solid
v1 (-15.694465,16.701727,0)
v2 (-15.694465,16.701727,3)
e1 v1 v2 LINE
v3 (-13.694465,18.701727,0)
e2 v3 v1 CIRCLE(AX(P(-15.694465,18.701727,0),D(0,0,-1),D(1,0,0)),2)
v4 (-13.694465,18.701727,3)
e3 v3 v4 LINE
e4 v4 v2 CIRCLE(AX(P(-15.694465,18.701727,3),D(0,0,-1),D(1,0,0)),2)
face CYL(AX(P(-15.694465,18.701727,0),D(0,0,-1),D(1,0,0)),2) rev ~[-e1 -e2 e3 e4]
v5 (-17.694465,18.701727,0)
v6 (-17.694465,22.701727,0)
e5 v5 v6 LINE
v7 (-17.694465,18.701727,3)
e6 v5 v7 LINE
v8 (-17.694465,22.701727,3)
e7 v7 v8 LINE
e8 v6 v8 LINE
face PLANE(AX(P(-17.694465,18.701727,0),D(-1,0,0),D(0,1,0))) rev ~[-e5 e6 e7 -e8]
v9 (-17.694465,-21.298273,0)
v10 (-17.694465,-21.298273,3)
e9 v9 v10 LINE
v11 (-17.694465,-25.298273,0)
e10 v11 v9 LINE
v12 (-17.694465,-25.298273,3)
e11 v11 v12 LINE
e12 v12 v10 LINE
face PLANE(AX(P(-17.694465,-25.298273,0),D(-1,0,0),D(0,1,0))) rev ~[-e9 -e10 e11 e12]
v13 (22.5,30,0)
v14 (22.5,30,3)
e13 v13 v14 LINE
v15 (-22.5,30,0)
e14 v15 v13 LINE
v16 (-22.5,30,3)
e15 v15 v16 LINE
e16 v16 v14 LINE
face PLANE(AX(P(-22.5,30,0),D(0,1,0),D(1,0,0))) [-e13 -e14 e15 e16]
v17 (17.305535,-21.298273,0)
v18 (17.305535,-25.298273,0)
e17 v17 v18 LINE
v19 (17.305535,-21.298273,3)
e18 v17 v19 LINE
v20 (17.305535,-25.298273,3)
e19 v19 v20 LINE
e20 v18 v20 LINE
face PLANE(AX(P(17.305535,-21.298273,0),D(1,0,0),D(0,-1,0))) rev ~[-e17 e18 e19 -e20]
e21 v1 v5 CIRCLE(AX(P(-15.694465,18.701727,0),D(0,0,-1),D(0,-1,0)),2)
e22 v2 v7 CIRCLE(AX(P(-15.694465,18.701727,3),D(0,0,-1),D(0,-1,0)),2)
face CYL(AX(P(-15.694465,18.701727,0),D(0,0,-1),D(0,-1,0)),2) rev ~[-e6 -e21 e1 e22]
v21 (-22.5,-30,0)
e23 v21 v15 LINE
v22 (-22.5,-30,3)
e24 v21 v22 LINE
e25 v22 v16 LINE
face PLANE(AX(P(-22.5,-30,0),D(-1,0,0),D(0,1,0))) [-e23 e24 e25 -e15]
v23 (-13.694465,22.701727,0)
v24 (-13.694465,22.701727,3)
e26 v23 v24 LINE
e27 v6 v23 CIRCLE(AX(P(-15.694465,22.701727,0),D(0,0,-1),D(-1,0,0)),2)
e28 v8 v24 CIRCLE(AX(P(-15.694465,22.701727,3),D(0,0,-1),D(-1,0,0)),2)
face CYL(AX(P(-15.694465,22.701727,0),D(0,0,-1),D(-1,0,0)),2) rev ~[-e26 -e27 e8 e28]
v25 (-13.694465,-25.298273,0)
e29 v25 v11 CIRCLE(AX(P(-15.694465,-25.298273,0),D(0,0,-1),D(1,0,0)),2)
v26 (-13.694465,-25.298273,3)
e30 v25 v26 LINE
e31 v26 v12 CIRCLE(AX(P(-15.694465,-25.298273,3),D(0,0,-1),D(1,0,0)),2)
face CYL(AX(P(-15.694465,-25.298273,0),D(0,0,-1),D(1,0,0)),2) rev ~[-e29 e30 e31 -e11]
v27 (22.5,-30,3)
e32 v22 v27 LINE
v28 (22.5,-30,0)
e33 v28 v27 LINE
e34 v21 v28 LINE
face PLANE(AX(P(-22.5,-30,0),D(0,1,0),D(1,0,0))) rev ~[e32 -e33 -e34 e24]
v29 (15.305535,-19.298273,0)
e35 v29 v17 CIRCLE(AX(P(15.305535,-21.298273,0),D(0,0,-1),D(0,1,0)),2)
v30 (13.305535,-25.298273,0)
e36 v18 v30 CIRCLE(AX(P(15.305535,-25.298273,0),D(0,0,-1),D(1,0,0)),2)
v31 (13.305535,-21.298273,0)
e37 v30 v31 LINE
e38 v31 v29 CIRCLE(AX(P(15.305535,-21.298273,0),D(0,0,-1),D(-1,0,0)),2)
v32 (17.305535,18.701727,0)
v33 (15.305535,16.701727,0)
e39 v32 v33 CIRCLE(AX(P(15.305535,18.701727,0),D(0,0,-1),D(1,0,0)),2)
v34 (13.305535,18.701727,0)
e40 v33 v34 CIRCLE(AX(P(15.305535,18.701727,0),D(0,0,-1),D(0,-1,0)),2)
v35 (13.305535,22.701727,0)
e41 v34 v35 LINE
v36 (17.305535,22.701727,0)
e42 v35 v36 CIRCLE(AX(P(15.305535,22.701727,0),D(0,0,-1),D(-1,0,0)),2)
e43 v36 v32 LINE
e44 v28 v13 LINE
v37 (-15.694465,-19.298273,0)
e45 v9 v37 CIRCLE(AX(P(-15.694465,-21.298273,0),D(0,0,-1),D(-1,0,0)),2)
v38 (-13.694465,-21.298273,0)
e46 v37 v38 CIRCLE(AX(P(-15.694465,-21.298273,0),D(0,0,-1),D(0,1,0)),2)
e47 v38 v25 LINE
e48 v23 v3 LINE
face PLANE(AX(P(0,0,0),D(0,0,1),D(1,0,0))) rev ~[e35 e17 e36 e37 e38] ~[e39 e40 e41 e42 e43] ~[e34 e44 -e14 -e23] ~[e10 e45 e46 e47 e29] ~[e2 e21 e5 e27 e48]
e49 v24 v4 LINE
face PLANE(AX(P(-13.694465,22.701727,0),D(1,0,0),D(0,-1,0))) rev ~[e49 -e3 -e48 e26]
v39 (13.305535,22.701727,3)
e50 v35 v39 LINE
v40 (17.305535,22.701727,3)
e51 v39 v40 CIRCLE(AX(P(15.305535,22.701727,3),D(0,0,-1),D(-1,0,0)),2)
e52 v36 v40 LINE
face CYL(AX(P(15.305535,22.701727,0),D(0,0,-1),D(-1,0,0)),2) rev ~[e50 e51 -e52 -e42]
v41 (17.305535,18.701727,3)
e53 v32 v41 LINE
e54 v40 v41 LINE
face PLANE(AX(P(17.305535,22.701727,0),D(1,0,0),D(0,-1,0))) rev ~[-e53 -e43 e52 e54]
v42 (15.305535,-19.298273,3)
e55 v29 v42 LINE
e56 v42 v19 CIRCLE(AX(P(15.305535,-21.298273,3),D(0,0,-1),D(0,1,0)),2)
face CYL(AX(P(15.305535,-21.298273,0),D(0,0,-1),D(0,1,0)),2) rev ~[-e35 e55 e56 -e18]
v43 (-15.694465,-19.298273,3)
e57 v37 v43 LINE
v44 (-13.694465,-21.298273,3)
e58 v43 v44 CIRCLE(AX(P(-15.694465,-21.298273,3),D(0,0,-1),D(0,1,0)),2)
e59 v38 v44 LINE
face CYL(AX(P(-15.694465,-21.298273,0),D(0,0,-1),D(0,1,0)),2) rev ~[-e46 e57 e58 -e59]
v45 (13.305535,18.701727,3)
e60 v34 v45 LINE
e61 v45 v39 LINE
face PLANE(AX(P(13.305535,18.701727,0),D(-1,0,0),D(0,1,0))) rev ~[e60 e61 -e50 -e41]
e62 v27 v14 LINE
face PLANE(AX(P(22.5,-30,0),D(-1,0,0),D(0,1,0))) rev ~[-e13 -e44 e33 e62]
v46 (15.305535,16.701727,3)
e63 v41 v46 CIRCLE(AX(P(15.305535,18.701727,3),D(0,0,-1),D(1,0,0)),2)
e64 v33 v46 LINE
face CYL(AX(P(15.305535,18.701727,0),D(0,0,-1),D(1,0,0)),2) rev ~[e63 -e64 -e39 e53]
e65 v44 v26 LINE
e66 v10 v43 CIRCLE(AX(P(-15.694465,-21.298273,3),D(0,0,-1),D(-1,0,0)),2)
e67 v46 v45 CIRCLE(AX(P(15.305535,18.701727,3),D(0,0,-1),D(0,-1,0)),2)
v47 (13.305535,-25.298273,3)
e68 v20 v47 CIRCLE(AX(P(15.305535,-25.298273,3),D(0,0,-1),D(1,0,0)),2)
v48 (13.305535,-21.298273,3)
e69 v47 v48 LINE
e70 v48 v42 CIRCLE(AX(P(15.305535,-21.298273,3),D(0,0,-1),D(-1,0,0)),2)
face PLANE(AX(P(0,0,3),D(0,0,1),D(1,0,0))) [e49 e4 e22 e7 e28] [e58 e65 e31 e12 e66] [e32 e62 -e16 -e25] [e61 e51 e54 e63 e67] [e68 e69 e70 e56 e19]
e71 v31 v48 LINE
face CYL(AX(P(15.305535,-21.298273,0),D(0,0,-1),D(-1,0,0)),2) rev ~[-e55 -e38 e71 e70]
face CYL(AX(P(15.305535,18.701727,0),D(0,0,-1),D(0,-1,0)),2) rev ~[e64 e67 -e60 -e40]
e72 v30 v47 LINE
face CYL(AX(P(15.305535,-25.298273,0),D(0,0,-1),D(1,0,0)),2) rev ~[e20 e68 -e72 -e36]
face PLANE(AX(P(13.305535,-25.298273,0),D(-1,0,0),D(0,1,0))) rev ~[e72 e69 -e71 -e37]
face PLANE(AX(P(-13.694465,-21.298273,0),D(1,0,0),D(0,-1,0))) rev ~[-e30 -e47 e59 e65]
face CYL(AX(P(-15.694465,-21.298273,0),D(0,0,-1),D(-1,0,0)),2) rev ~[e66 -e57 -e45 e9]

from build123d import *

# Parameters (mm, degrees)
F0_W     = 45
F0_H     = 60
F1_DEPTH = 3


with BuildPart() as f1:
    # F0 (on Top) → F1 (new body)
    with BuildSketch(Plane.XY):
        Rectangle(F0_W, F0_H)
        with BuildLine():
            ThreePointArc((-13.6944653346, -25.298272824), (-15.6944653346, -27.298272824), (-17.6944653346, -25.298272824))
            Line((-17.6944653346, -25.298272824), (-17.6944653346, -21.298272824))
            ThreePointArc((-17.6944653346, -21.298272824), (-17.1086788969, -19.8840592617), (-15.6944653346, -19.298272824))
            Line((-15.6944653346, -19.298272824), (-15.6944653346, 16.701727176))
            ThreePointArc((-15.6944653346, 16.701727176), (-17.1086788969, 17.2875136136), (-17.6944653346, 18.701727176))
            Line((-17.6944653346, 18.701727176), (-17.6944653346, 22.701727176))
            ThreePointArc((-17.6944653346, 22.701727176), (-15.6944653346, 24.701727176), (-13.6944653346, 22.701727176))
            Line((-13.6944653346, 22.701727176), (-13.6944653346, 20.701727176))
            Line((-13.6944653346, 20.701727176), (13.3055346654, 20.701727176))
            Line((13.3055346654, 20.701727176), (13.3055346654, 22.701727176))
            ThreePointArc((13.3055346654, 22.701727176), (15.3055346654, 24.701727176), (17.3055346654, 22.701727176))
            Line((17.3055346654, 22.701727176), (17.3055346654, 18.701727176))
            ThreePointArc((17.3055346654, 18.701727176), (16.7197482278, 17.2875136136), (15.3055346654, 16.701727176))
            Line((15.3055346654, 16.701727176), (15.3055346654, -19.298272824))
            ThreePointArc((15.3055346654, -19.298272824), (16.7197482278, -19.8840592617), (17.3055346654, -21.298272824))
            Line((17.3055346654, -21.298272824), (17.3055346654, -25.298272824))
            ThreePointArc((17.3055346654, -25.298272824), (15.3055346654, -27.298272824), (13.3055346654, -25.298272824))
            Line((13.3055346654, -25.298272824), (13.3055346654, -23.298272824))
            Line((13.3055346654, -23.298272824), (-13.6944653346, -23.298272824))
            Line((-13.6944653346, -23.298272824), (-13.6944653346, -25.298272824))
        make_face(mode=Mode.SUBTRACT)
        with BuildLine():
            Line((-13.6944653346, -21.298272824), (-13.6944653346, -23.298272824))
            Line((-13.6944653346, -23.298272824), (13.3055346654, -23.298272824))
            Line((13.3055346654, -23.298272824), (13.3055346654, -21.298272824))
            ThreePointArc((13.3055346654, -21.298272824), (13.8913211031, -19.8840592617), (15.3055346654, -19.298272824))
            Line((15.3055346654, -19.298272824), (15.3055346654, 16.701727176))
            ThreePointArc((15.3055346654, 16.701727176), (13.8913211031, 17.2875136136), (13.3055346654, 18.701727176))
            Line((13.3055346654, 18.701727176), (13.3055346654, 20.701727176))
            Line((13.3055346654, 20.701727176), (-13.6944653346, 20.701727176))
            Line((-13.6944653346, 20.701727176), (-13.6944653346, 18.701727176))
            ThreePointArc((-13.6944653346, 18.701727176), (-14.2802517722, 17.2875136136), (-15.6944653346, 16.701727176))
            Line((-15.6944653346, 16.701727176), (-15.6944653346, -19.298272824))
            ThreePointArc((-15.6944653346, -19.298272824), (-14.2802517722, -19.8840592617), (-13.6944653346, -21.298272824))
        make_face()
    extrude(amount=F1_DEPTH)


solid = f1.part
